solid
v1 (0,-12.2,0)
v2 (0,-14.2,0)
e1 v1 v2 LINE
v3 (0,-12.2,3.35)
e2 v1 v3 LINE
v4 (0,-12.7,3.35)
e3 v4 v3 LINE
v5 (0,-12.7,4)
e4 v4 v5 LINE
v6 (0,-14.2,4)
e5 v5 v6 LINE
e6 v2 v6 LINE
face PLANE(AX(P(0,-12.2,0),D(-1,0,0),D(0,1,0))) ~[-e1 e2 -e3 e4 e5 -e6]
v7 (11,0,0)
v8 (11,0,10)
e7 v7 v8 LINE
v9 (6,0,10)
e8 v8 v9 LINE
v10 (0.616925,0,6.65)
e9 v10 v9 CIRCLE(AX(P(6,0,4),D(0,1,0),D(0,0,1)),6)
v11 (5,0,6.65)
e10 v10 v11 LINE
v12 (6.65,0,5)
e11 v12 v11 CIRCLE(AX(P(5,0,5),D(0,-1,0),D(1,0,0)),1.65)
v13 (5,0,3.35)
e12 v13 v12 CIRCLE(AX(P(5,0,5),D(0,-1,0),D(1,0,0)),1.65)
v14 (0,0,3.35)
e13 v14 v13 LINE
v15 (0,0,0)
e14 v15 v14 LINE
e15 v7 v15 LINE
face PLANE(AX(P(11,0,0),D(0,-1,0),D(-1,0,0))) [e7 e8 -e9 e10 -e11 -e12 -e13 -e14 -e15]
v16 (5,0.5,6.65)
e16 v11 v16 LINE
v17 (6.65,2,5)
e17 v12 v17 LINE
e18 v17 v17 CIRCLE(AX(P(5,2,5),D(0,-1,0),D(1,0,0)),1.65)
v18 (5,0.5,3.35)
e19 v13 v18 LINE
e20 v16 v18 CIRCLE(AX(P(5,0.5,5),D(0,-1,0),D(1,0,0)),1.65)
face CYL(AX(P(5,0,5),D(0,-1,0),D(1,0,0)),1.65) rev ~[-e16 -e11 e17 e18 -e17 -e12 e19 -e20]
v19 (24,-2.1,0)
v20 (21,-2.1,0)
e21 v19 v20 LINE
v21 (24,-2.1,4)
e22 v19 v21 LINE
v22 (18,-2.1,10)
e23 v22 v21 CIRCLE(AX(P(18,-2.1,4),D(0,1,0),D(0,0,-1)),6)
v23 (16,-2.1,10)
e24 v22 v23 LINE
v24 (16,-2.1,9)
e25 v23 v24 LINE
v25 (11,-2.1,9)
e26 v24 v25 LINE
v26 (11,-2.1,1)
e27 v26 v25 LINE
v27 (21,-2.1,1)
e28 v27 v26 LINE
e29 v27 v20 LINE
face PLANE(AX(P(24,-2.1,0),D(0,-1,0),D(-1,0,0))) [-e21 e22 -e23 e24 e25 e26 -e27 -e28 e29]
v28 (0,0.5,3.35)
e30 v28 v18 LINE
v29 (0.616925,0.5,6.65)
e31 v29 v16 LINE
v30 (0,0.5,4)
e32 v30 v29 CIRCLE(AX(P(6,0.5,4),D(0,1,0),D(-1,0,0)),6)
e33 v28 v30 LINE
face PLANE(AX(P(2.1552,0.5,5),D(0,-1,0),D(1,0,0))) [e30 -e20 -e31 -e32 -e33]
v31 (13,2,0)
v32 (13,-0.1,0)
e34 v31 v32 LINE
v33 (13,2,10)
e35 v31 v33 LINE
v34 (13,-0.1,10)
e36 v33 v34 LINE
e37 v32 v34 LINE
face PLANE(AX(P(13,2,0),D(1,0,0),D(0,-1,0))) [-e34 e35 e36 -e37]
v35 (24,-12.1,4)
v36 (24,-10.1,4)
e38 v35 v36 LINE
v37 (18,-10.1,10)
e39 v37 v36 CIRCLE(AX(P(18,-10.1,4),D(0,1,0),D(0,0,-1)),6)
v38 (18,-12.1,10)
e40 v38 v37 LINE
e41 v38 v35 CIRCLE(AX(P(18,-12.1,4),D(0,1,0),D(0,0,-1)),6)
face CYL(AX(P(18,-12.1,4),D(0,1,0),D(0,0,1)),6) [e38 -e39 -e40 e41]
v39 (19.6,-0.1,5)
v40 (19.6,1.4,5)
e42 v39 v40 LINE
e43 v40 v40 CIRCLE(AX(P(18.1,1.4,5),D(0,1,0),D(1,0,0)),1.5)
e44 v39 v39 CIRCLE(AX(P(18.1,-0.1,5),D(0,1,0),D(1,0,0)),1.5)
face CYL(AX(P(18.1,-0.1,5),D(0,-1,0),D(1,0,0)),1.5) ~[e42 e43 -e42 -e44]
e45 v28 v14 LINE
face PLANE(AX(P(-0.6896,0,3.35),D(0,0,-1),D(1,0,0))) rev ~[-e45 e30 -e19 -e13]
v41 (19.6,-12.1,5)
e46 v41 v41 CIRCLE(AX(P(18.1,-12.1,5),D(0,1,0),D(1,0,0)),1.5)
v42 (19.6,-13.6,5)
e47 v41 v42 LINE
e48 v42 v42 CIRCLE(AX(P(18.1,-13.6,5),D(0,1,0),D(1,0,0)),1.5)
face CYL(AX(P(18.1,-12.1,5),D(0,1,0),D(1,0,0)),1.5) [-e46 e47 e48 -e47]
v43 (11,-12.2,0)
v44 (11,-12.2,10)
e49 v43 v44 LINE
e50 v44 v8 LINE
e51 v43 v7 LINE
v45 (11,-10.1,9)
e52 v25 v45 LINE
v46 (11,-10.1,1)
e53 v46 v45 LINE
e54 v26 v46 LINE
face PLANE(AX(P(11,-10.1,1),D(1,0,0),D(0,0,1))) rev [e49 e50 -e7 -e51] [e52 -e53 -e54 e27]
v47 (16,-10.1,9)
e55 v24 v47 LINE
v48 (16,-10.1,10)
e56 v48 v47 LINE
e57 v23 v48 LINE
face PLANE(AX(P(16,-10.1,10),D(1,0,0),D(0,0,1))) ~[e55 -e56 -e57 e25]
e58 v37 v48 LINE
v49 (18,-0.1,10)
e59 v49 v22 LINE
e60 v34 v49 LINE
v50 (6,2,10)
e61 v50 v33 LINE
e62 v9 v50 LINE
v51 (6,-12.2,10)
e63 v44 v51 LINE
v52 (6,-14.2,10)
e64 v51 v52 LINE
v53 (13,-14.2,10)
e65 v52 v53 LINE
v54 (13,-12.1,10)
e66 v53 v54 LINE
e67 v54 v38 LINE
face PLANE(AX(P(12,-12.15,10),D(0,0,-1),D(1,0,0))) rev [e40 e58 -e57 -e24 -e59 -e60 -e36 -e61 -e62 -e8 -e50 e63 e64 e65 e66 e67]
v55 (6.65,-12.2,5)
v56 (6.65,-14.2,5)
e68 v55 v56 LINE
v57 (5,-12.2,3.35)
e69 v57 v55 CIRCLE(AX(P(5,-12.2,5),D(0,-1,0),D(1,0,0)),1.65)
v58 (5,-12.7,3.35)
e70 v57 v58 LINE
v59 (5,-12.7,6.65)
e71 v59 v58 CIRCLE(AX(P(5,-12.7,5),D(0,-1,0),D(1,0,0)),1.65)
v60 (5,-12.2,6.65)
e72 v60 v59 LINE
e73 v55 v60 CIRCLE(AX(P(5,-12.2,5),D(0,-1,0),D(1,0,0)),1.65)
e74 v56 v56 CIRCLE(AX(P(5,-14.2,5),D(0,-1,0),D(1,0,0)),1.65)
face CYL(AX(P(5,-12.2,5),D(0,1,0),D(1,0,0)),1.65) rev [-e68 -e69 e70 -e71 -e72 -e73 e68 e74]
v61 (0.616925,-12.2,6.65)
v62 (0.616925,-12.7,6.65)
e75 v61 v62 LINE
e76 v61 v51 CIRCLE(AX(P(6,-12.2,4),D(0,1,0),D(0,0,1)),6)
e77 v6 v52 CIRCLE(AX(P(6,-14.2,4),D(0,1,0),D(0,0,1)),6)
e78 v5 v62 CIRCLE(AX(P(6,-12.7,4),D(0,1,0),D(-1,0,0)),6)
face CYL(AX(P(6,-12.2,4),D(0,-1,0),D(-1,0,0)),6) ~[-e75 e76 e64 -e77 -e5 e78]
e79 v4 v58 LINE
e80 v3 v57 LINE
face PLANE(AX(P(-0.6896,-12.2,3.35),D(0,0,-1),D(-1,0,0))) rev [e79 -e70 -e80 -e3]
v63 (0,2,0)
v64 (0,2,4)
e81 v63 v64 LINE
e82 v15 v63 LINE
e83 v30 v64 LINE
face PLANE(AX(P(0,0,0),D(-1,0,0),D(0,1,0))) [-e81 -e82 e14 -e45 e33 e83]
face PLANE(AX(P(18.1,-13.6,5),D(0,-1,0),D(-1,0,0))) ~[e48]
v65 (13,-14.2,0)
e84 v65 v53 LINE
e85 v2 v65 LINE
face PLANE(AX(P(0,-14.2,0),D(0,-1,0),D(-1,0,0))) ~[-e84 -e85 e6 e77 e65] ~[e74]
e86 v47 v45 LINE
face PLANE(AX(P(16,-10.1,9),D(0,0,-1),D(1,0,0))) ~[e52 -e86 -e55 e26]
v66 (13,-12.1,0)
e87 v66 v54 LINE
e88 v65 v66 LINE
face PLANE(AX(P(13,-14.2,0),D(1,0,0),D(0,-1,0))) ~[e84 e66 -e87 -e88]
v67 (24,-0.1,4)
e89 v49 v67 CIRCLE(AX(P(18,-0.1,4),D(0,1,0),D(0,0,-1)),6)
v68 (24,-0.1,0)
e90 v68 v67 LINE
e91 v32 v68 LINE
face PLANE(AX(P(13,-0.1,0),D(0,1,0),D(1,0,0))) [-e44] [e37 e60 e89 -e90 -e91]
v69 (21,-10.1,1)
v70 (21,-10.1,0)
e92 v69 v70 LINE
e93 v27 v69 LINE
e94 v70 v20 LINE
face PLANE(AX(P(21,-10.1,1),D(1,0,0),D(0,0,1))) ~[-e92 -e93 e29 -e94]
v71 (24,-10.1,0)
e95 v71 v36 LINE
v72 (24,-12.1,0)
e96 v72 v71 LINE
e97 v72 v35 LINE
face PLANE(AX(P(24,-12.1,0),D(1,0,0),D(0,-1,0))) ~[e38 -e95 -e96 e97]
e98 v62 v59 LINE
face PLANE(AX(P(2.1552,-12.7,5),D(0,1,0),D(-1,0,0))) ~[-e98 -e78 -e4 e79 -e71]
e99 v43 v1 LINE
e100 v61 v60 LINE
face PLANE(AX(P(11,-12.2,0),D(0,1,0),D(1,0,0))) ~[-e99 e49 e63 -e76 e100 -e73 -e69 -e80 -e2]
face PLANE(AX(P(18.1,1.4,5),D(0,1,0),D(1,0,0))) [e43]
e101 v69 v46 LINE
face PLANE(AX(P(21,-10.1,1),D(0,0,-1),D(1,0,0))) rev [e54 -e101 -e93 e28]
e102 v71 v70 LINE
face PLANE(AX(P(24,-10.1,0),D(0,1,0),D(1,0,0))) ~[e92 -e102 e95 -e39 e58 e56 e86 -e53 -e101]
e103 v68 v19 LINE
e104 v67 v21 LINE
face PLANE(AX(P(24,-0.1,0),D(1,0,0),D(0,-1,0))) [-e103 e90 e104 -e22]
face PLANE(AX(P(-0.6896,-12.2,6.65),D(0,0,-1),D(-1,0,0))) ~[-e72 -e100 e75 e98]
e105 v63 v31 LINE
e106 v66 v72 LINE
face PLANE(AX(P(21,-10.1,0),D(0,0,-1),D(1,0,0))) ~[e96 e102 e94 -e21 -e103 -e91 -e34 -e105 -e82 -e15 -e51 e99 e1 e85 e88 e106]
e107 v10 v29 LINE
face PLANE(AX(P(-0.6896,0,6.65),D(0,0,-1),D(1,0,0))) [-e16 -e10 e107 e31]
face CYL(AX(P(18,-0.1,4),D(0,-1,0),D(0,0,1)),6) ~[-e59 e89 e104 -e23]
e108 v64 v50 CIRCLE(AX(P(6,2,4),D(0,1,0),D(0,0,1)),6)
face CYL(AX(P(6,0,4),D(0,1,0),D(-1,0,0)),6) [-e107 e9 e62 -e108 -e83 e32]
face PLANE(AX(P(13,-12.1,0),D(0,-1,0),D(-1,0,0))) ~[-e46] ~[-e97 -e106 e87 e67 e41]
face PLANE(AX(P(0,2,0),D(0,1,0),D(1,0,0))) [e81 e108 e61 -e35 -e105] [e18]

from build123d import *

# Parameters (mm, degrees)
EXTRUDE_2_DEPTH     = 10
SKETCH_3_R          = 1.5
EXTRUDE_3_DEPTH     = 1.5
SKETCH_5_R          = 1.65
CUT_EXTRUDE_2_DEPTH = 3
FILLET_1_R          = 6
SKETCH_6_W          = 10
SKETCH_6_H          = 1
SKETCH_6_W_2        = 5
EXTRUDE_4_DEPTH     = 4
SKETCH_7_W          = 5.689599517
SKETCH_7_H          = 3.3
CUT_EXTRUDE_3_DEPTH = 0.5


with BuildPart() as part:
    # Эскиз2 → Бобышка-Вытянуть2 (new body)
    with BuildSketch(Plane.XY):
        Polygon((0, 0), (0, 2), (13, 2), (13, -0.1), (24, -0.1), (24, -2.1), (11, -2.1), (11, 0), align=None)
    extrude(amount=EXTRUDE_2_DEPTH)

    # Эскиз3 → Бобышка-Вытянуть3 (add)
    with BuildSketch(Plane(origin=(0, -0.1, 0), x_dir=(1, 0, 0), z_dir=(0, 1, 0))):
        with Locations((18.1, -5)):
            Circle(SKETCH_3_R)
    extrude(amount=EXTRUDE_3_DEPTH)

    # Эскиз5 → Вырез-Вытянуть2 (cut, through all)
    with BuildSketch(Plane.XZ):
        with Locations((5, 5)):
            Circle(SKETCH_5_R)
    extrude(amount=-CUT_EXTRUDE_2_DEPTH, mode=Mode.SUBTRACT)

    # Скругление1
    fillet_1_edges = [part.edges().sort_by_distance(p)[0] for p in [
        (24, -1.1, 10),
        (0, 1, 10),
    ]]
    fillet(fillet_1_edges, radius=FILLET_1_R)

    # Эскиз6 → Бобышка-Вытянуть4 (add)
    with BuildSketch(Plane(origin=(0, -2.1, 0), x_dir=(-1, 0, 0), z_dir=(0, -1, 0))):
        with Locations((-16, -0.5)):
            Rectangle(SKETCH_6_W, SKETCH_6_H)
        with Locations((-13.5, -9.5)):
            Rectangle(SKETCH_6_W_2, SKETCH_6_H)
    extrude(amount=EXTRUDE_4_DEPTH)

    # Эскиз7 → Вырез-Вытянуть3 (cut)
    with BuildSketch(Plane.XZ):
        with Locations((2.155200242, 5)):
            Rectangle(SKETCH_7_W, SKETCH_7_H)
    extrude(amount=-CUT_EXTRUDE_3_DEPTH, mode=Mode.SUBTRACT)

    # Зеркальное отражение1: part across plane


with BuildPart() as part_1:
    add(part.part)
    add(part.part.mirror(Plane.ZX.offset(-6.1)))


solid = part_1.part
